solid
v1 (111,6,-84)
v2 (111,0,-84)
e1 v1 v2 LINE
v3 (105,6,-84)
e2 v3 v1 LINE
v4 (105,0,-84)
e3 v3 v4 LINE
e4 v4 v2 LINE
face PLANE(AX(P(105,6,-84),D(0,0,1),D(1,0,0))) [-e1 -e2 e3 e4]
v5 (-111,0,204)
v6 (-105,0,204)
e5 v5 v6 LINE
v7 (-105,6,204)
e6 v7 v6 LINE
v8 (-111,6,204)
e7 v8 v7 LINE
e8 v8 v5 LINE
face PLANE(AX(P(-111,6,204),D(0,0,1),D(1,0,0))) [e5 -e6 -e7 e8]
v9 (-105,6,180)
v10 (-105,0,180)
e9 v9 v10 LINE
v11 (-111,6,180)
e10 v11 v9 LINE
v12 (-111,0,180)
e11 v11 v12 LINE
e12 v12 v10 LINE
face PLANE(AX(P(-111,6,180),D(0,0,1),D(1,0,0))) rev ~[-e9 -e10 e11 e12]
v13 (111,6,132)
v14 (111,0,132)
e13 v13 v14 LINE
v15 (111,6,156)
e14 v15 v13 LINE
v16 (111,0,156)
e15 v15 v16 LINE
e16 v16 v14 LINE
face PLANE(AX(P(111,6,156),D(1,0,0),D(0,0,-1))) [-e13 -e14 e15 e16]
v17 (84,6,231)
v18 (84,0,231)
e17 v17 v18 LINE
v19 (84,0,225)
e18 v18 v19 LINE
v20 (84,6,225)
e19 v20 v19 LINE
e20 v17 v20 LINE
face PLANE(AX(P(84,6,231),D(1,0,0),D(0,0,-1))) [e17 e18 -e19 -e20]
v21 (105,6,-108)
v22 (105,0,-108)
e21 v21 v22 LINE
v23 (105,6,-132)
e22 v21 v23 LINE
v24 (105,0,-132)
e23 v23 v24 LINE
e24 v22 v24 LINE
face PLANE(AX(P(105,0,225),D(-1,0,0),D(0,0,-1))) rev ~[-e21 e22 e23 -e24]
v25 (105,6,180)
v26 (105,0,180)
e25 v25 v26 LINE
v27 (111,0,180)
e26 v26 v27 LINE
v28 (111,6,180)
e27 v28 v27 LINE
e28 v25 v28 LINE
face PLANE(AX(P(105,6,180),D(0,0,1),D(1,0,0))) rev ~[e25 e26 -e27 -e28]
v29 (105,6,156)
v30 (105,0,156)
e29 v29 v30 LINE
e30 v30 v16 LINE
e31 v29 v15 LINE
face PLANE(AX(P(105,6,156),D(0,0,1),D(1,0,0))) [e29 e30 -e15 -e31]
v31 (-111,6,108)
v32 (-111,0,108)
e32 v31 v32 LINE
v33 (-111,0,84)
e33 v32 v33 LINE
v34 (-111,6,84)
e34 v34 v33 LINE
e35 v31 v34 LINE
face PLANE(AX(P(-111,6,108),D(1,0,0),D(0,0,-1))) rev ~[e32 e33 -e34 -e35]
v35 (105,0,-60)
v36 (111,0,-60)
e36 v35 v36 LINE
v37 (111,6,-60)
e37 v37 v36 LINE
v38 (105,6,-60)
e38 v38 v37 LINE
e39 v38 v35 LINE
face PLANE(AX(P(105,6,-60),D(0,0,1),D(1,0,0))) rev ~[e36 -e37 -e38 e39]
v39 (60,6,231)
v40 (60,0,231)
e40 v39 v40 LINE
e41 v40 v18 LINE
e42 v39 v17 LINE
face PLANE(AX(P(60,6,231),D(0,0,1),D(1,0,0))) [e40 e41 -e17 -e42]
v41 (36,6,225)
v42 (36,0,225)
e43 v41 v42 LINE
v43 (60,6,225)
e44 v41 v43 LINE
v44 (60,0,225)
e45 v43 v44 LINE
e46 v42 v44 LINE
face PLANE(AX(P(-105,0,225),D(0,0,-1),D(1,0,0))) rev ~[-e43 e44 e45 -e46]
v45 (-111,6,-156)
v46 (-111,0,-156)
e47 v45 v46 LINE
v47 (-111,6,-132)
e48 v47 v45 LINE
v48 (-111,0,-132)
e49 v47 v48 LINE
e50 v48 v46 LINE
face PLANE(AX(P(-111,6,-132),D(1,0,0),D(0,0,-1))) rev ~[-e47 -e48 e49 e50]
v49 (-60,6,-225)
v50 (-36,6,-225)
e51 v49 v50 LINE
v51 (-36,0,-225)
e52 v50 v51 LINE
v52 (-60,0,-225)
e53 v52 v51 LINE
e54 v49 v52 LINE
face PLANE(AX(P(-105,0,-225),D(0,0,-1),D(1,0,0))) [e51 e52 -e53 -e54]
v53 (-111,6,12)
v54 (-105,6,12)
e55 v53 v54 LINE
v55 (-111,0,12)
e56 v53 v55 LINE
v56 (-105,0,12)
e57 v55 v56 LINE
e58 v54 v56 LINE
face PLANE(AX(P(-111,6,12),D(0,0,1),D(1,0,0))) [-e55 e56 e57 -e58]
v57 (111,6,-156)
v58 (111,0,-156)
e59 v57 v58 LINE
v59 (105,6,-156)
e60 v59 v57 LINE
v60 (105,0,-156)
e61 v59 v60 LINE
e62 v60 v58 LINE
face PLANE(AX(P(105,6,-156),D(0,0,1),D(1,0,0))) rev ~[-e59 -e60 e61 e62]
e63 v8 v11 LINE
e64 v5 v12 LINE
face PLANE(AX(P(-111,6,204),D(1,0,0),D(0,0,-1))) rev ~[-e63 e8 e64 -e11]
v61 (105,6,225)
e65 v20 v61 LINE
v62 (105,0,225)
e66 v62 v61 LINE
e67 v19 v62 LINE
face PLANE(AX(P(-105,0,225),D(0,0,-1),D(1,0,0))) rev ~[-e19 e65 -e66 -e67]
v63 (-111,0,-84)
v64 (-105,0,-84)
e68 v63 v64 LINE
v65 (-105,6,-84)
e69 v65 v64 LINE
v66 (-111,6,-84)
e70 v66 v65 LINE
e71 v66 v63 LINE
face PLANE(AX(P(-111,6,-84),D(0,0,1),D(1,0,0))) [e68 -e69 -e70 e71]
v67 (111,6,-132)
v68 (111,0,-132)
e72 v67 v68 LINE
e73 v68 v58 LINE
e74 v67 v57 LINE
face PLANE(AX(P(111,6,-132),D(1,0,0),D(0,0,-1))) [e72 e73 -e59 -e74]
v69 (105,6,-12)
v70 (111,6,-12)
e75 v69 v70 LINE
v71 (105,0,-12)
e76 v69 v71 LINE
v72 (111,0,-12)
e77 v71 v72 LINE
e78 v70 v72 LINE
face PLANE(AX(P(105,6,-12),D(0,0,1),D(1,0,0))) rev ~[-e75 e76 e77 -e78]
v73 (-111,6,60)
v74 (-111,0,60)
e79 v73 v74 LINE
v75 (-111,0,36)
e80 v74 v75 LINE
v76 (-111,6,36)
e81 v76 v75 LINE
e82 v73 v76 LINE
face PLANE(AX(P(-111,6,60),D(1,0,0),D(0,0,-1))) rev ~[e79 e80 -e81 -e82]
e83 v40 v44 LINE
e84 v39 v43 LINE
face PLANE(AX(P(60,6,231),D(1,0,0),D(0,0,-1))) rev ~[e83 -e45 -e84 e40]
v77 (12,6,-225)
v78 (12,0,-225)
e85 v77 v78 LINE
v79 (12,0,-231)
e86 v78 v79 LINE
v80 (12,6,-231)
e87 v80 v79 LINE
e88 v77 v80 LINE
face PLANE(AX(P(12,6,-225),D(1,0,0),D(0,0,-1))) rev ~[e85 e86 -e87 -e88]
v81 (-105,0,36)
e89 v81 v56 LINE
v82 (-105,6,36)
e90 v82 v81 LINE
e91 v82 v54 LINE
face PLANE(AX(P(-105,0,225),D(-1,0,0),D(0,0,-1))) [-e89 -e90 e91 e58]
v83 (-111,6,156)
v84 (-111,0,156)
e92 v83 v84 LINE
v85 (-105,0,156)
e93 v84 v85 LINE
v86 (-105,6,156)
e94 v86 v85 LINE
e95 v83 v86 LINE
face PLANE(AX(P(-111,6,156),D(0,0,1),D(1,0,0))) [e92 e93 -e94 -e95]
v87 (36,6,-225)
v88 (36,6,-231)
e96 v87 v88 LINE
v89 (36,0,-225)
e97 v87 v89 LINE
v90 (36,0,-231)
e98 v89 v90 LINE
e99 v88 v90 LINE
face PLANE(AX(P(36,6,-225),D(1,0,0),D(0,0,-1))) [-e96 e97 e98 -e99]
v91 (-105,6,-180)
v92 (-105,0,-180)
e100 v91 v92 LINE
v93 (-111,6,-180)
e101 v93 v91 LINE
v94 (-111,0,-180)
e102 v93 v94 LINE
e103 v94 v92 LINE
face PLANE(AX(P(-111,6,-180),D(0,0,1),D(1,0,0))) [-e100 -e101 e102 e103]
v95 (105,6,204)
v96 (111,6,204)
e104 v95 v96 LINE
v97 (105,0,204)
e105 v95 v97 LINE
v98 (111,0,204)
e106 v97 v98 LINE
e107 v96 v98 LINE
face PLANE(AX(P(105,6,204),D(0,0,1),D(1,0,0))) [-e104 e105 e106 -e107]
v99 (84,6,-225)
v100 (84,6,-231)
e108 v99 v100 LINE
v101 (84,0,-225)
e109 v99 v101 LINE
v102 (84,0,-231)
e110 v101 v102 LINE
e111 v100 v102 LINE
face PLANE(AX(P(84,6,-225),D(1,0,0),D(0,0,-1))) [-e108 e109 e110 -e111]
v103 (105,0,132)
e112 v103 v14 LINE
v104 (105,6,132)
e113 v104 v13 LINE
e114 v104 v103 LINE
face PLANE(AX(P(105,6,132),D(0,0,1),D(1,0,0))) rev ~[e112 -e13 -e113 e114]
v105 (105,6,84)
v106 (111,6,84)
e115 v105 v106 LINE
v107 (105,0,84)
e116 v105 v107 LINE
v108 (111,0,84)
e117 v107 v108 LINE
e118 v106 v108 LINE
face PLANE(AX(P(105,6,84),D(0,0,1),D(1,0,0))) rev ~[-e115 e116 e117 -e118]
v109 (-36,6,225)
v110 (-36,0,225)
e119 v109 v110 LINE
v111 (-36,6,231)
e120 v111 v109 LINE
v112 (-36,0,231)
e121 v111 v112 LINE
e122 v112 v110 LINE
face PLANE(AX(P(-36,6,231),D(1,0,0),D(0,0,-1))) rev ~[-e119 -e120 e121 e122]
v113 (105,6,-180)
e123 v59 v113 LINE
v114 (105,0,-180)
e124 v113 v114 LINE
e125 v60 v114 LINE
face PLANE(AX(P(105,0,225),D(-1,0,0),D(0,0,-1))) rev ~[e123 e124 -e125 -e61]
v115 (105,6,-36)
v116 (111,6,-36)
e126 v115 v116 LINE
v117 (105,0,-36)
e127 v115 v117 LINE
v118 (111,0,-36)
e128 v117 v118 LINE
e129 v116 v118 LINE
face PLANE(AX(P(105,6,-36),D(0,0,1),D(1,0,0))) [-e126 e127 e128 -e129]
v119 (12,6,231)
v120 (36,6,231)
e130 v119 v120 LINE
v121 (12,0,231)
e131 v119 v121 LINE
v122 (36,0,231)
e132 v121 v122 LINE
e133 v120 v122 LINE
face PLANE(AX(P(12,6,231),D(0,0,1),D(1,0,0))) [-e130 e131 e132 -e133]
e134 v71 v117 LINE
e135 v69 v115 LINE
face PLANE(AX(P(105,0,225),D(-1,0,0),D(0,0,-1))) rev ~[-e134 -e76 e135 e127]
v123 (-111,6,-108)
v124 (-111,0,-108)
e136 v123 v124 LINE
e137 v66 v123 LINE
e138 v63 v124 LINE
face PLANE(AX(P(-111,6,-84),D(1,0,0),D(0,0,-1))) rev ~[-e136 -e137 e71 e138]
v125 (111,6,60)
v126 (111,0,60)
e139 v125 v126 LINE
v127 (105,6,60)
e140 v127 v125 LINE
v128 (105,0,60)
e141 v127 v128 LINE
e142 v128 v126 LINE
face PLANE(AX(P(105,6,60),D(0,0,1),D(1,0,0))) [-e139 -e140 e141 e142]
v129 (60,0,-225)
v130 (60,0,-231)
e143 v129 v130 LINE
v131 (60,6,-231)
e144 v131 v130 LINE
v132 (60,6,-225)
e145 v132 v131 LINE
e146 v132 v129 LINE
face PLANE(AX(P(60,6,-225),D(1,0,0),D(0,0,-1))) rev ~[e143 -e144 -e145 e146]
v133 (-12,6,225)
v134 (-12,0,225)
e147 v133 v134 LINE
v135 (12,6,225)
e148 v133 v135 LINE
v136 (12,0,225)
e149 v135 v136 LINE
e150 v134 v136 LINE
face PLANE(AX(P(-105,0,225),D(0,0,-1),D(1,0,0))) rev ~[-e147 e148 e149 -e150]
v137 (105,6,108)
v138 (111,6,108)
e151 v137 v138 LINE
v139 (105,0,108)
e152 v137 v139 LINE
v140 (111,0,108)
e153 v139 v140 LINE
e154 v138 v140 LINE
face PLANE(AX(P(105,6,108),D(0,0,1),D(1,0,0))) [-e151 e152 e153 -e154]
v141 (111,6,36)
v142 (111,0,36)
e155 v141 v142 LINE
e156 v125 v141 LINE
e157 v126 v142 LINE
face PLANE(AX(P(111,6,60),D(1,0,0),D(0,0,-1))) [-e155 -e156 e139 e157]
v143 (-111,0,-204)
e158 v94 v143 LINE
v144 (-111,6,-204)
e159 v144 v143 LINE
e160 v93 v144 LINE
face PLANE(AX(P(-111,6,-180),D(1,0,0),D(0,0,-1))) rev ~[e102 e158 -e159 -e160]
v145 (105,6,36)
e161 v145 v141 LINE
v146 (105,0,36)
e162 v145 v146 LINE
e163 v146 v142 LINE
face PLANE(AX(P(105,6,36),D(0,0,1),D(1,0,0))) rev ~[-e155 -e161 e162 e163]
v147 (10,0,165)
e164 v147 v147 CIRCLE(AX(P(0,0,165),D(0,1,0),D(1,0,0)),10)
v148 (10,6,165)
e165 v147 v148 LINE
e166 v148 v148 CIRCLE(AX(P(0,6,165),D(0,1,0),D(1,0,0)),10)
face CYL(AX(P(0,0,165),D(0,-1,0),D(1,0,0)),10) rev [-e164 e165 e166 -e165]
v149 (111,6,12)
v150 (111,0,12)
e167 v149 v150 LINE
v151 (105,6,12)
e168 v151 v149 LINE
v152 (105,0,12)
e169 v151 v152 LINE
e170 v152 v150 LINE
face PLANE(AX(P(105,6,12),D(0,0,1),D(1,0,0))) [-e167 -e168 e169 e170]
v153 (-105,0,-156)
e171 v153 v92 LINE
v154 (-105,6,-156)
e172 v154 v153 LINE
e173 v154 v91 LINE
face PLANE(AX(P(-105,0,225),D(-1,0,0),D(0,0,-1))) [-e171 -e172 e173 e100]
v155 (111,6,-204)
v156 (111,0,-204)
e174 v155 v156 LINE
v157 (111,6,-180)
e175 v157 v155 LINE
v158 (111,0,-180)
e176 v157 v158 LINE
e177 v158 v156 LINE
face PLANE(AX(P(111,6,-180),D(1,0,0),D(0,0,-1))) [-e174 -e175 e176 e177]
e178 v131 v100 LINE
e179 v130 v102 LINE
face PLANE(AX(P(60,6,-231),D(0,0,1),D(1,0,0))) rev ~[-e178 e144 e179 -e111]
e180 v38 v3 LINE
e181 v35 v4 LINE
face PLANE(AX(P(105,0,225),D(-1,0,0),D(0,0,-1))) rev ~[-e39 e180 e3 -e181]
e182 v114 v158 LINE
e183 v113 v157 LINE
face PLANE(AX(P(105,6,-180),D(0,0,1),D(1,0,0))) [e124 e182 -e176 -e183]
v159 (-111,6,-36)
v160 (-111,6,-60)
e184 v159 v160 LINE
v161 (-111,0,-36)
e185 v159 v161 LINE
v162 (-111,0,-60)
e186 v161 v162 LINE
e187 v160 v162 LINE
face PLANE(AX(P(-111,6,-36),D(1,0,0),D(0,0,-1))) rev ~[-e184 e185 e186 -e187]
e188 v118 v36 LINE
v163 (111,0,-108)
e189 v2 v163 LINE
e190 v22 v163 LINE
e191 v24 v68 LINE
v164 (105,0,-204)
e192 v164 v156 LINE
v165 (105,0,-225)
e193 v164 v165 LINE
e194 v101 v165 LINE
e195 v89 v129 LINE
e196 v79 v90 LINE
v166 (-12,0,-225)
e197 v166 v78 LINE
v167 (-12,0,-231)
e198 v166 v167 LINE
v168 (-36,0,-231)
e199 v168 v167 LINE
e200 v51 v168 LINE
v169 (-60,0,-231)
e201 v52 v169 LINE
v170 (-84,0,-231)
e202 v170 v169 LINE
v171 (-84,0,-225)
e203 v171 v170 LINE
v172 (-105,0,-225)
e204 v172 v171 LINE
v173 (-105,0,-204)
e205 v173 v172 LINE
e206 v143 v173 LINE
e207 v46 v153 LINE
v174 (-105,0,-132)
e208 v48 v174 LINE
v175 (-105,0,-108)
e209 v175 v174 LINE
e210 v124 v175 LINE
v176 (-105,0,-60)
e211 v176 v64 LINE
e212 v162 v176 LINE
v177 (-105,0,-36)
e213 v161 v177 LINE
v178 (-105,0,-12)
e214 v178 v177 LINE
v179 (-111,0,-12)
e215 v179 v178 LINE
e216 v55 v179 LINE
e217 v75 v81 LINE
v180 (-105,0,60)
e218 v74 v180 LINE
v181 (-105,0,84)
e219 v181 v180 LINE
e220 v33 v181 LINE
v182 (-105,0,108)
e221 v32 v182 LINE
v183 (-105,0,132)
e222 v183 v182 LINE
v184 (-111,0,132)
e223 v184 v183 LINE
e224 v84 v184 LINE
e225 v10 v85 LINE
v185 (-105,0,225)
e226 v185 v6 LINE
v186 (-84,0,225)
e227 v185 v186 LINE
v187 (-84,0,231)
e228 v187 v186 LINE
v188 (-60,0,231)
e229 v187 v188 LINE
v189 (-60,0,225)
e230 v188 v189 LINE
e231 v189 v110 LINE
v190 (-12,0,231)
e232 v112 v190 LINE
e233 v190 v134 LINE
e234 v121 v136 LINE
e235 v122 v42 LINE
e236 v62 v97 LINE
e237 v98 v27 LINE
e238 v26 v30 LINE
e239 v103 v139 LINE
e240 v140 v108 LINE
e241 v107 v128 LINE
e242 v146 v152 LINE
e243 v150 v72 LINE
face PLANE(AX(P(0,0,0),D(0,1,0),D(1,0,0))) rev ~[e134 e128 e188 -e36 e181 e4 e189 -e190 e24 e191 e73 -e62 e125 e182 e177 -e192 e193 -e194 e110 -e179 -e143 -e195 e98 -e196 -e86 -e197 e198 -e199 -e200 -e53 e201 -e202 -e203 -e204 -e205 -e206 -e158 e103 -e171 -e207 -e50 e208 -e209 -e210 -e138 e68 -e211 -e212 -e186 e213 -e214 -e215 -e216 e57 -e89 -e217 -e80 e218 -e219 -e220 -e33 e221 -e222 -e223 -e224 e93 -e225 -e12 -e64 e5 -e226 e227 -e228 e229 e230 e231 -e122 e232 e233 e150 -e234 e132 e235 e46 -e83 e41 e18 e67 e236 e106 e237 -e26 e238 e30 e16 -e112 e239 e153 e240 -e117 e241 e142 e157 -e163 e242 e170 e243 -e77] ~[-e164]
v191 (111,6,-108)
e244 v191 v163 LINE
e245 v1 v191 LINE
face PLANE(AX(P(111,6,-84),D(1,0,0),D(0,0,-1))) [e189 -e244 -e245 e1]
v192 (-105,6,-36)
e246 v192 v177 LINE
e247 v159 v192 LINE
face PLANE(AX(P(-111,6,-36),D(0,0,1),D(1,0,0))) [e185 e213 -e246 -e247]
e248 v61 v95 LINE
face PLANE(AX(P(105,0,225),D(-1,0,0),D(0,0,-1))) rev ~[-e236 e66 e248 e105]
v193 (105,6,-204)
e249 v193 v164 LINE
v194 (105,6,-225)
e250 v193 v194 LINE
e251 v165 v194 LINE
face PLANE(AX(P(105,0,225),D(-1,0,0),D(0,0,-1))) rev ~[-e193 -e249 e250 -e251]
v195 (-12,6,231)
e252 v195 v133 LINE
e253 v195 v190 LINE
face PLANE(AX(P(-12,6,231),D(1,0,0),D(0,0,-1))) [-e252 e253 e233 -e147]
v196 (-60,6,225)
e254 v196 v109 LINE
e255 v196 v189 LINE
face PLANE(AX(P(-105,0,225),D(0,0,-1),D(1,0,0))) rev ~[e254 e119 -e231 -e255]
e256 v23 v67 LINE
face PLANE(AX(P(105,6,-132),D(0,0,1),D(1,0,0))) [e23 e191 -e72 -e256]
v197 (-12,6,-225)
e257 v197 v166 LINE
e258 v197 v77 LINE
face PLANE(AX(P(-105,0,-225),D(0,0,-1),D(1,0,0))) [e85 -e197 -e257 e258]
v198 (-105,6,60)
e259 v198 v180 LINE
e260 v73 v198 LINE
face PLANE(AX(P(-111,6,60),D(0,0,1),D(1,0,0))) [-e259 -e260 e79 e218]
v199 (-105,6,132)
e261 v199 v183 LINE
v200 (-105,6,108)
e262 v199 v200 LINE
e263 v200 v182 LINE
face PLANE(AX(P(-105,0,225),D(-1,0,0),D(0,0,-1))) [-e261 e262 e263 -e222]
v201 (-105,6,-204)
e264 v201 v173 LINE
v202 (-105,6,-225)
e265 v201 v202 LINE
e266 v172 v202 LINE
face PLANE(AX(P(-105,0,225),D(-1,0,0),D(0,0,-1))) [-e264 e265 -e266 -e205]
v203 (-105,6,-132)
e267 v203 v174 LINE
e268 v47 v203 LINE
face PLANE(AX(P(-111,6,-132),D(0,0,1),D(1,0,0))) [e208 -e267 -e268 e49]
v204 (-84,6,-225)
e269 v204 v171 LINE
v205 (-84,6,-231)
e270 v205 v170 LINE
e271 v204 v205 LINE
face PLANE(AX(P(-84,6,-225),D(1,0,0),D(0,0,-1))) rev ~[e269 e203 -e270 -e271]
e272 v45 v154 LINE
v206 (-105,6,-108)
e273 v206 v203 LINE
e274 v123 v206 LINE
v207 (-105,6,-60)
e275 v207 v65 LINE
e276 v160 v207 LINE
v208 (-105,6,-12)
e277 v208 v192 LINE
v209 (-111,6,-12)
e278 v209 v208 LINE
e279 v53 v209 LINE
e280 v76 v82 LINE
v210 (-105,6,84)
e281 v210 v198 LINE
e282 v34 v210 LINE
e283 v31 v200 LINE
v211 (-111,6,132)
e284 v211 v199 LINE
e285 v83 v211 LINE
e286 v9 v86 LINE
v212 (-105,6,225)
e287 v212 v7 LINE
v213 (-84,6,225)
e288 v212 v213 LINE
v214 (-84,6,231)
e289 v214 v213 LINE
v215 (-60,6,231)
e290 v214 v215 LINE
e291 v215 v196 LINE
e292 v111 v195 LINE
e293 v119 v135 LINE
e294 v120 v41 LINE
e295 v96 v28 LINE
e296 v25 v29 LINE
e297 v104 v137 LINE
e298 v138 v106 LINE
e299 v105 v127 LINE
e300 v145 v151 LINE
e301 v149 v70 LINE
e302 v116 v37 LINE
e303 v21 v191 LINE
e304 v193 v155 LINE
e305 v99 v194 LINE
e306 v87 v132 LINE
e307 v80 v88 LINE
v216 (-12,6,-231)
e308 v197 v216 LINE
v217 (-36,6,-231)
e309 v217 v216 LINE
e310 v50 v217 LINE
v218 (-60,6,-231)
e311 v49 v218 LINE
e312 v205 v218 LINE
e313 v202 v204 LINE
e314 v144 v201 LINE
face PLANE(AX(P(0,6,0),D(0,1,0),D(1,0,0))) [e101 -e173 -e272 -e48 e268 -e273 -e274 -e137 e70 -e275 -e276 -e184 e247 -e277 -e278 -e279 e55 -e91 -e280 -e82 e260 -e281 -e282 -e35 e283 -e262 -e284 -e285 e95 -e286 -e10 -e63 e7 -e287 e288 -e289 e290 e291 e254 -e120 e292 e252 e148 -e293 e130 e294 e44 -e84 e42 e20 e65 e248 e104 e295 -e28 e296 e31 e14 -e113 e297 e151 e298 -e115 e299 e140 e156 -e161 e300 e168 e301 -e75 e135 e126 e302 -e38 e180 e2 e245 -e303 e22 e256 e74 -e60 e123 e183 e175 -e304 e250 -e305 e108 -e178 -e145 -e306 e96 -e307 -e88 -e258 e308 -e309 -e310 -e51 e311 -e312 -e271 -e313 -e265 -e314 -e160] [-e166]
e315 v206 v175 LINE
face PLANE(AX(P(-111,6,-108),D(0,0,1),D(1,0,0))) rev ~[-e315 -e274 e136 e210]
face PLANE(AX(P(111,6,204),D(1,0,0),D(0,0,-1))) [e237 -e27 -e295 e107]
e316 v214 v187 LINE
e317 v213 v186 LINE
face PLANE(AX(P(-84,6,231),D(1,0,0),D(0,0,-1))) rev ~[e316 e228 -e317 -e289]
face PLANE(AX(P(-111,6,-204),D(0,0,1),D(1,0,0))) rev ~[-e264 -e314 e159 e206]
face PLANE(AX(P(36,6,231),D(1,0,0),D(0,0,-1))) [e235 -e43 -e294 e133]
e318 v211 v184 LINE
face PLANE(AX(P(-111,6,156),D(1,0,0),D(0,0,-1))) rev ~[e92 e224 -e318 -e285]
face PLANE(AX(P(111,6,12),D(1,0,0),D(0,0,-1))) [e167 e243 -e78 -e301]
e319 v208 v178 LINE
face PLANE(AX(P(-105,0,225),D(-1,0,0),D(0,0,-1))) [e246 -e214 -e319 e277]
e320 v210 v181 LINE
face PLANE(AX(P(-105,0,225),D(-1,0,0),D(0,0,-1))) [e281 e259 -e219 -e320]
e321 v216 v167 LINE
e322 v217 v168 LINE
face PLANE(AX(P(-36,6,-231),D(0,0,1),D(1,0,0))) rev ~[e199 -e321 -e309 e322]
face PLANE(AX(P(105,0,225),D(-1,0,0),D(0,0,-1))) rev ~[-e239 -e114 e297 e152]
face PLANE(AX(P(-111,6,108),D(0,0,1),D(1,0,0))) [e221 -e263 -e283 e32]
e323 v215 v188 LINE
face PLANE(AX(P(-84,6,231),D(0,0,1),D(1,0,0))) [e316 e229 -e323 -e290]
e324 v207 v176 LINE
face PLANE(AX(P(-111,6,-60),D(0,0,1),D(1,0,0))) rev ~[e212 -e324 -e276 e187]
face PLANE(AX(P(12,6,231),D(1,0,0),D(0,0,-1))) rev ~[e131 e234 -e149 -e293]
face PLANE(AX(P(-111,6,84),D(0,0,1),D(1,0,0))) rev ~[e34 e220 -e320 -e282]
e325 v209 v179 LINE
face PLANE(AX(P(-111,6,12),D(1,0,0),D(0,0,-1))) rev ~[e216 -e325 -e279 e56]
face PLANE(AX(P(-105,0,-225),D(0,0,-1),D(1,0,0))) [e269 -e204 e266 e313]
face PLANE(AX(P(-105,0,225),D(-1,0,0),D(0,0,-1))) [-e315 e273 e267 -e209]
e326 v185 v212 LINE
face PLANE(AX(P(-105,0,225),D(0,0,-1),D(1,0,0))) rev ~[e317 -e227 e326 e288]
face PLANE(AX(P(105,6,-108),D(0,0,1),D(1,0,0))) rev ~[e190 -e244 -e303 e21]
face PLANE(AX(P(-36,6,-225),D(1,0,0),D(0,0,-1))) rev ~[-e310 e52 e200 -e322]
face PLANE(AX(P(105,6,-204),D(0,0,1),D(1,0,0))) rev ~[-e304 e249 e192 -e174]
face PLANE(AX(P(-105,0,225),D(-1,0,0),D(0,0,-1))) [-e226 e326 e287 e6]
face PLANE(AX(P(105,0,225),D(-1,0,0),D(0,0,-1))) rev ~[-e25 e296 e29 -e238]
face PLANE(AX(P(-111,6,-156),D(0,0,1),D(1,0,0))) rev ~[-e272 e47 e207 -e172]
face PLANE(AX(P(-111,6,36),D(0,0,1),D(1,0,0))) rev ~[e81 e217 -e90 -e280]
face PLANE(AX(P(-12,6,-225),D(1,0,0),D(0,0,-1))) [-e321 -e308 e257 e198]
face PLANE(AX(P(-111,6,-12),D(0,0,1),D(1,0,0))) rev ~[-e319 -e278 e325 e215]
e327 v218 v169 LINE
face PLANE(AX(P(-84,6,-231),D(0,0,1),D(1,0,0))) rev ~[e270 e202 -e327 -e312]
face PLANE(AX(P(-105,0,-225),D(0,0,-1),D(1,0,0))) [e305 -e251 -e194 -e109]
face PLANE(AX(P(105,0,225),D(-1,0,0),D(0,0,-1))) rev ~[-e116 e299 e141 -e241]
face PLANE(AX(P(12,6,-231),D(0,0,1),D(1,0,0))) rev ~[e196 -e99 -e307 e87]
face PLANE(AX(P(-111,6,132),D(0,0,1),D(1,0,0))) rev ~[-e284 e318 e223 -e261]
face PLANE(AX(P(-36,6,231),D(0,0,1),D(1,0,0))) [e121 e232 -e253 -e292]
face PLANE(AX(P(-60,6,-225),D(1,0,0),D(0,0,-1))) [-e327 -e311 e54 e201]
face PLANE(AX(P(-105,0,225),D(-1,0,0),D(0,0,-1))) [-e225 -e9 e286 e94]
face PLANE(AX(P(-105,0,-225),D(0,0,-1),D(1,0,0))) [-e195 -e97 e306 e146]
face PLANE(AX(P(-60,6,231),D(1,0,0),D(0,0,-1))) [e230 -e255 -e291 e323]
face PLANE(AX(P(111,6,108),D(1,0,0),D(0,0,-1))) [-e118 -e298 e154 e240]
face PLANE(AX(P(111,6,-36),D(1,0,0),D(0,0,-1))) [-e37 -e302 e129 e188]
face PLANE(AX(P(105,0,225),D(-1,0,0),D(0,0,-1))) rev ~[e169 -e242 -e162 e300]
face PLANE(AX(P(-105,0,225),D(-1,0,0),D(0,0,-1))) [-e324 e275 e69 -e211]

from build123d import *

# Parameters (mm, degrees)
SKETCH1_W           = 210
SKETCH1_H           = 450
SKETCH1_R           = 10
BOSS_EXTRUDE1_DEPTH = 6
SKETCH3_W           = 6
SKETCH3_H           = 24
BOSS_EXTRUDE3_DEPTH = 6
SKETCH2_W           = 24
SKETCH2_H           = 6
BOSS_EXTRUDE4_DEPTH = 6


with BuildPart() as part:
    # Sketch1 → Boss-Extrude1 (new body)
    with BuildSketch(Plane(origin=(0, 0, 0), x_dir=(1, 0, 0), z_dir=(0, 1, 0))):
        Rectangle(SKETCH1_W, SKETCH1_H)
        with Locations((0, -165)):
            Circle(SKETCH1_R, mode=Mode.SUBTRACT)
    extrude(amount=BOSS_EXTRUDE1_DEPTH)

    # Sketch3 → Boss-Extrude3 (add)
    with BuildSketch(Plane(origin=(0, 6, 0), x_dir=(1, 0, 0), z_dir=(0, 1, 0))):
        with Locations((-108, 192)):
            Rectangle(SKETCH3_W, SKETCH3_H)
        with Locations((108, 192)):
            Rectangle(SKETCH3_W, SKETCH3_H)
        with Locations((108, 144)):
            Rectangle(SKETCH3_W, SKETCH3_H)
        with Locations((108, 96)):
            Rectangle(SKETCH3_W, SKETCH3_H)
        with Locations((108, 48)):
            Rectangle(SKETCH3_W, SKETCH3_H)
        with Locations((108, 0)):
            Rectangle(SKETCH3_W, SKETCH3_H)
        with Locations((108, -48)):
            Rectangle(SKETCH3_W, SKETCH3_H)
        with Locations((108, -96)):
            Rectangle(SKETCH3_W, SKETCH3_H)
        with Locations((108, -144)):
            Rectangle(SKETCH3_W, SKETCH3_H)
        with Locations((108, -192)):
            Rectangle(SKETCH3_W, SKETCH3_H)
        with Locations((-108, 144)):
            Rectangle(SKETCH3_W, SKETCH3_H)
        with Locations((-108, 96)):
            Rectangle(SKETCH3_W, SKETCH3_H)
        with Locations((-108, 48)):
            Rectangle(SKETCH3_W, SKETCH3_H)
        with Locations((-108, 0)):
            Rectangle(SKETCH3_W, SKETCH3_H)
        with Locations((-108, -48)):
            Rectangle(SKETCH3_W, SKETCH3_H)
        with Locations((-108, -96)):
            Rectangle(SKETCH3_W, SKETCH3_H)
        with Locations((-108, -144)):
            Rectangle(SKETCH3_W, SKETCH3_H)
        with Locations((-108, -192)):
            Rectangle(SKETCH3_W, SKETCH3_H)
    extrude(amount=-BOSS_EXTRUDE3_DEPTH)

    # Sketch2 → Boss-Extrude4 (add)
    with BuildSketch(Plane(origin=(0, 6, 0), x_dir=(1, 0, 0), z_dir=(0, 1, 0))):
        with Locations((-72, 228)):
            Rectangle(SKETCH2_W, SKETCH2_H)
        with Locations((-24, 228)):
            Rectangle(SKETCH2_W, SKETCH2_H)
        with Locations((24, 228)):
            Rectangle(SKETCH2_W, SKETCH2_H)
        with Locations((72, 228)):
            Rectangle(SKETCH2_W, SKETCH2_H)
        with Locations((-72, -228)):
            Rectangle(SKETCH2_W, SKETCH2_H)
        with Locations((-24, -228)):
            Rectangle(SKETCH2_W, SKETCH2_H)
        with Locations((24, -228)):
            Rectangle(SKETCH2_W, SKETCH2_H)
        with Locations((72, -228)):
            Rectangle(SKETCH2_W, SKETCH2_H)
    extrude(amount=-BOSS_EXTRUDE4_DEPTH)


solid = part.part
